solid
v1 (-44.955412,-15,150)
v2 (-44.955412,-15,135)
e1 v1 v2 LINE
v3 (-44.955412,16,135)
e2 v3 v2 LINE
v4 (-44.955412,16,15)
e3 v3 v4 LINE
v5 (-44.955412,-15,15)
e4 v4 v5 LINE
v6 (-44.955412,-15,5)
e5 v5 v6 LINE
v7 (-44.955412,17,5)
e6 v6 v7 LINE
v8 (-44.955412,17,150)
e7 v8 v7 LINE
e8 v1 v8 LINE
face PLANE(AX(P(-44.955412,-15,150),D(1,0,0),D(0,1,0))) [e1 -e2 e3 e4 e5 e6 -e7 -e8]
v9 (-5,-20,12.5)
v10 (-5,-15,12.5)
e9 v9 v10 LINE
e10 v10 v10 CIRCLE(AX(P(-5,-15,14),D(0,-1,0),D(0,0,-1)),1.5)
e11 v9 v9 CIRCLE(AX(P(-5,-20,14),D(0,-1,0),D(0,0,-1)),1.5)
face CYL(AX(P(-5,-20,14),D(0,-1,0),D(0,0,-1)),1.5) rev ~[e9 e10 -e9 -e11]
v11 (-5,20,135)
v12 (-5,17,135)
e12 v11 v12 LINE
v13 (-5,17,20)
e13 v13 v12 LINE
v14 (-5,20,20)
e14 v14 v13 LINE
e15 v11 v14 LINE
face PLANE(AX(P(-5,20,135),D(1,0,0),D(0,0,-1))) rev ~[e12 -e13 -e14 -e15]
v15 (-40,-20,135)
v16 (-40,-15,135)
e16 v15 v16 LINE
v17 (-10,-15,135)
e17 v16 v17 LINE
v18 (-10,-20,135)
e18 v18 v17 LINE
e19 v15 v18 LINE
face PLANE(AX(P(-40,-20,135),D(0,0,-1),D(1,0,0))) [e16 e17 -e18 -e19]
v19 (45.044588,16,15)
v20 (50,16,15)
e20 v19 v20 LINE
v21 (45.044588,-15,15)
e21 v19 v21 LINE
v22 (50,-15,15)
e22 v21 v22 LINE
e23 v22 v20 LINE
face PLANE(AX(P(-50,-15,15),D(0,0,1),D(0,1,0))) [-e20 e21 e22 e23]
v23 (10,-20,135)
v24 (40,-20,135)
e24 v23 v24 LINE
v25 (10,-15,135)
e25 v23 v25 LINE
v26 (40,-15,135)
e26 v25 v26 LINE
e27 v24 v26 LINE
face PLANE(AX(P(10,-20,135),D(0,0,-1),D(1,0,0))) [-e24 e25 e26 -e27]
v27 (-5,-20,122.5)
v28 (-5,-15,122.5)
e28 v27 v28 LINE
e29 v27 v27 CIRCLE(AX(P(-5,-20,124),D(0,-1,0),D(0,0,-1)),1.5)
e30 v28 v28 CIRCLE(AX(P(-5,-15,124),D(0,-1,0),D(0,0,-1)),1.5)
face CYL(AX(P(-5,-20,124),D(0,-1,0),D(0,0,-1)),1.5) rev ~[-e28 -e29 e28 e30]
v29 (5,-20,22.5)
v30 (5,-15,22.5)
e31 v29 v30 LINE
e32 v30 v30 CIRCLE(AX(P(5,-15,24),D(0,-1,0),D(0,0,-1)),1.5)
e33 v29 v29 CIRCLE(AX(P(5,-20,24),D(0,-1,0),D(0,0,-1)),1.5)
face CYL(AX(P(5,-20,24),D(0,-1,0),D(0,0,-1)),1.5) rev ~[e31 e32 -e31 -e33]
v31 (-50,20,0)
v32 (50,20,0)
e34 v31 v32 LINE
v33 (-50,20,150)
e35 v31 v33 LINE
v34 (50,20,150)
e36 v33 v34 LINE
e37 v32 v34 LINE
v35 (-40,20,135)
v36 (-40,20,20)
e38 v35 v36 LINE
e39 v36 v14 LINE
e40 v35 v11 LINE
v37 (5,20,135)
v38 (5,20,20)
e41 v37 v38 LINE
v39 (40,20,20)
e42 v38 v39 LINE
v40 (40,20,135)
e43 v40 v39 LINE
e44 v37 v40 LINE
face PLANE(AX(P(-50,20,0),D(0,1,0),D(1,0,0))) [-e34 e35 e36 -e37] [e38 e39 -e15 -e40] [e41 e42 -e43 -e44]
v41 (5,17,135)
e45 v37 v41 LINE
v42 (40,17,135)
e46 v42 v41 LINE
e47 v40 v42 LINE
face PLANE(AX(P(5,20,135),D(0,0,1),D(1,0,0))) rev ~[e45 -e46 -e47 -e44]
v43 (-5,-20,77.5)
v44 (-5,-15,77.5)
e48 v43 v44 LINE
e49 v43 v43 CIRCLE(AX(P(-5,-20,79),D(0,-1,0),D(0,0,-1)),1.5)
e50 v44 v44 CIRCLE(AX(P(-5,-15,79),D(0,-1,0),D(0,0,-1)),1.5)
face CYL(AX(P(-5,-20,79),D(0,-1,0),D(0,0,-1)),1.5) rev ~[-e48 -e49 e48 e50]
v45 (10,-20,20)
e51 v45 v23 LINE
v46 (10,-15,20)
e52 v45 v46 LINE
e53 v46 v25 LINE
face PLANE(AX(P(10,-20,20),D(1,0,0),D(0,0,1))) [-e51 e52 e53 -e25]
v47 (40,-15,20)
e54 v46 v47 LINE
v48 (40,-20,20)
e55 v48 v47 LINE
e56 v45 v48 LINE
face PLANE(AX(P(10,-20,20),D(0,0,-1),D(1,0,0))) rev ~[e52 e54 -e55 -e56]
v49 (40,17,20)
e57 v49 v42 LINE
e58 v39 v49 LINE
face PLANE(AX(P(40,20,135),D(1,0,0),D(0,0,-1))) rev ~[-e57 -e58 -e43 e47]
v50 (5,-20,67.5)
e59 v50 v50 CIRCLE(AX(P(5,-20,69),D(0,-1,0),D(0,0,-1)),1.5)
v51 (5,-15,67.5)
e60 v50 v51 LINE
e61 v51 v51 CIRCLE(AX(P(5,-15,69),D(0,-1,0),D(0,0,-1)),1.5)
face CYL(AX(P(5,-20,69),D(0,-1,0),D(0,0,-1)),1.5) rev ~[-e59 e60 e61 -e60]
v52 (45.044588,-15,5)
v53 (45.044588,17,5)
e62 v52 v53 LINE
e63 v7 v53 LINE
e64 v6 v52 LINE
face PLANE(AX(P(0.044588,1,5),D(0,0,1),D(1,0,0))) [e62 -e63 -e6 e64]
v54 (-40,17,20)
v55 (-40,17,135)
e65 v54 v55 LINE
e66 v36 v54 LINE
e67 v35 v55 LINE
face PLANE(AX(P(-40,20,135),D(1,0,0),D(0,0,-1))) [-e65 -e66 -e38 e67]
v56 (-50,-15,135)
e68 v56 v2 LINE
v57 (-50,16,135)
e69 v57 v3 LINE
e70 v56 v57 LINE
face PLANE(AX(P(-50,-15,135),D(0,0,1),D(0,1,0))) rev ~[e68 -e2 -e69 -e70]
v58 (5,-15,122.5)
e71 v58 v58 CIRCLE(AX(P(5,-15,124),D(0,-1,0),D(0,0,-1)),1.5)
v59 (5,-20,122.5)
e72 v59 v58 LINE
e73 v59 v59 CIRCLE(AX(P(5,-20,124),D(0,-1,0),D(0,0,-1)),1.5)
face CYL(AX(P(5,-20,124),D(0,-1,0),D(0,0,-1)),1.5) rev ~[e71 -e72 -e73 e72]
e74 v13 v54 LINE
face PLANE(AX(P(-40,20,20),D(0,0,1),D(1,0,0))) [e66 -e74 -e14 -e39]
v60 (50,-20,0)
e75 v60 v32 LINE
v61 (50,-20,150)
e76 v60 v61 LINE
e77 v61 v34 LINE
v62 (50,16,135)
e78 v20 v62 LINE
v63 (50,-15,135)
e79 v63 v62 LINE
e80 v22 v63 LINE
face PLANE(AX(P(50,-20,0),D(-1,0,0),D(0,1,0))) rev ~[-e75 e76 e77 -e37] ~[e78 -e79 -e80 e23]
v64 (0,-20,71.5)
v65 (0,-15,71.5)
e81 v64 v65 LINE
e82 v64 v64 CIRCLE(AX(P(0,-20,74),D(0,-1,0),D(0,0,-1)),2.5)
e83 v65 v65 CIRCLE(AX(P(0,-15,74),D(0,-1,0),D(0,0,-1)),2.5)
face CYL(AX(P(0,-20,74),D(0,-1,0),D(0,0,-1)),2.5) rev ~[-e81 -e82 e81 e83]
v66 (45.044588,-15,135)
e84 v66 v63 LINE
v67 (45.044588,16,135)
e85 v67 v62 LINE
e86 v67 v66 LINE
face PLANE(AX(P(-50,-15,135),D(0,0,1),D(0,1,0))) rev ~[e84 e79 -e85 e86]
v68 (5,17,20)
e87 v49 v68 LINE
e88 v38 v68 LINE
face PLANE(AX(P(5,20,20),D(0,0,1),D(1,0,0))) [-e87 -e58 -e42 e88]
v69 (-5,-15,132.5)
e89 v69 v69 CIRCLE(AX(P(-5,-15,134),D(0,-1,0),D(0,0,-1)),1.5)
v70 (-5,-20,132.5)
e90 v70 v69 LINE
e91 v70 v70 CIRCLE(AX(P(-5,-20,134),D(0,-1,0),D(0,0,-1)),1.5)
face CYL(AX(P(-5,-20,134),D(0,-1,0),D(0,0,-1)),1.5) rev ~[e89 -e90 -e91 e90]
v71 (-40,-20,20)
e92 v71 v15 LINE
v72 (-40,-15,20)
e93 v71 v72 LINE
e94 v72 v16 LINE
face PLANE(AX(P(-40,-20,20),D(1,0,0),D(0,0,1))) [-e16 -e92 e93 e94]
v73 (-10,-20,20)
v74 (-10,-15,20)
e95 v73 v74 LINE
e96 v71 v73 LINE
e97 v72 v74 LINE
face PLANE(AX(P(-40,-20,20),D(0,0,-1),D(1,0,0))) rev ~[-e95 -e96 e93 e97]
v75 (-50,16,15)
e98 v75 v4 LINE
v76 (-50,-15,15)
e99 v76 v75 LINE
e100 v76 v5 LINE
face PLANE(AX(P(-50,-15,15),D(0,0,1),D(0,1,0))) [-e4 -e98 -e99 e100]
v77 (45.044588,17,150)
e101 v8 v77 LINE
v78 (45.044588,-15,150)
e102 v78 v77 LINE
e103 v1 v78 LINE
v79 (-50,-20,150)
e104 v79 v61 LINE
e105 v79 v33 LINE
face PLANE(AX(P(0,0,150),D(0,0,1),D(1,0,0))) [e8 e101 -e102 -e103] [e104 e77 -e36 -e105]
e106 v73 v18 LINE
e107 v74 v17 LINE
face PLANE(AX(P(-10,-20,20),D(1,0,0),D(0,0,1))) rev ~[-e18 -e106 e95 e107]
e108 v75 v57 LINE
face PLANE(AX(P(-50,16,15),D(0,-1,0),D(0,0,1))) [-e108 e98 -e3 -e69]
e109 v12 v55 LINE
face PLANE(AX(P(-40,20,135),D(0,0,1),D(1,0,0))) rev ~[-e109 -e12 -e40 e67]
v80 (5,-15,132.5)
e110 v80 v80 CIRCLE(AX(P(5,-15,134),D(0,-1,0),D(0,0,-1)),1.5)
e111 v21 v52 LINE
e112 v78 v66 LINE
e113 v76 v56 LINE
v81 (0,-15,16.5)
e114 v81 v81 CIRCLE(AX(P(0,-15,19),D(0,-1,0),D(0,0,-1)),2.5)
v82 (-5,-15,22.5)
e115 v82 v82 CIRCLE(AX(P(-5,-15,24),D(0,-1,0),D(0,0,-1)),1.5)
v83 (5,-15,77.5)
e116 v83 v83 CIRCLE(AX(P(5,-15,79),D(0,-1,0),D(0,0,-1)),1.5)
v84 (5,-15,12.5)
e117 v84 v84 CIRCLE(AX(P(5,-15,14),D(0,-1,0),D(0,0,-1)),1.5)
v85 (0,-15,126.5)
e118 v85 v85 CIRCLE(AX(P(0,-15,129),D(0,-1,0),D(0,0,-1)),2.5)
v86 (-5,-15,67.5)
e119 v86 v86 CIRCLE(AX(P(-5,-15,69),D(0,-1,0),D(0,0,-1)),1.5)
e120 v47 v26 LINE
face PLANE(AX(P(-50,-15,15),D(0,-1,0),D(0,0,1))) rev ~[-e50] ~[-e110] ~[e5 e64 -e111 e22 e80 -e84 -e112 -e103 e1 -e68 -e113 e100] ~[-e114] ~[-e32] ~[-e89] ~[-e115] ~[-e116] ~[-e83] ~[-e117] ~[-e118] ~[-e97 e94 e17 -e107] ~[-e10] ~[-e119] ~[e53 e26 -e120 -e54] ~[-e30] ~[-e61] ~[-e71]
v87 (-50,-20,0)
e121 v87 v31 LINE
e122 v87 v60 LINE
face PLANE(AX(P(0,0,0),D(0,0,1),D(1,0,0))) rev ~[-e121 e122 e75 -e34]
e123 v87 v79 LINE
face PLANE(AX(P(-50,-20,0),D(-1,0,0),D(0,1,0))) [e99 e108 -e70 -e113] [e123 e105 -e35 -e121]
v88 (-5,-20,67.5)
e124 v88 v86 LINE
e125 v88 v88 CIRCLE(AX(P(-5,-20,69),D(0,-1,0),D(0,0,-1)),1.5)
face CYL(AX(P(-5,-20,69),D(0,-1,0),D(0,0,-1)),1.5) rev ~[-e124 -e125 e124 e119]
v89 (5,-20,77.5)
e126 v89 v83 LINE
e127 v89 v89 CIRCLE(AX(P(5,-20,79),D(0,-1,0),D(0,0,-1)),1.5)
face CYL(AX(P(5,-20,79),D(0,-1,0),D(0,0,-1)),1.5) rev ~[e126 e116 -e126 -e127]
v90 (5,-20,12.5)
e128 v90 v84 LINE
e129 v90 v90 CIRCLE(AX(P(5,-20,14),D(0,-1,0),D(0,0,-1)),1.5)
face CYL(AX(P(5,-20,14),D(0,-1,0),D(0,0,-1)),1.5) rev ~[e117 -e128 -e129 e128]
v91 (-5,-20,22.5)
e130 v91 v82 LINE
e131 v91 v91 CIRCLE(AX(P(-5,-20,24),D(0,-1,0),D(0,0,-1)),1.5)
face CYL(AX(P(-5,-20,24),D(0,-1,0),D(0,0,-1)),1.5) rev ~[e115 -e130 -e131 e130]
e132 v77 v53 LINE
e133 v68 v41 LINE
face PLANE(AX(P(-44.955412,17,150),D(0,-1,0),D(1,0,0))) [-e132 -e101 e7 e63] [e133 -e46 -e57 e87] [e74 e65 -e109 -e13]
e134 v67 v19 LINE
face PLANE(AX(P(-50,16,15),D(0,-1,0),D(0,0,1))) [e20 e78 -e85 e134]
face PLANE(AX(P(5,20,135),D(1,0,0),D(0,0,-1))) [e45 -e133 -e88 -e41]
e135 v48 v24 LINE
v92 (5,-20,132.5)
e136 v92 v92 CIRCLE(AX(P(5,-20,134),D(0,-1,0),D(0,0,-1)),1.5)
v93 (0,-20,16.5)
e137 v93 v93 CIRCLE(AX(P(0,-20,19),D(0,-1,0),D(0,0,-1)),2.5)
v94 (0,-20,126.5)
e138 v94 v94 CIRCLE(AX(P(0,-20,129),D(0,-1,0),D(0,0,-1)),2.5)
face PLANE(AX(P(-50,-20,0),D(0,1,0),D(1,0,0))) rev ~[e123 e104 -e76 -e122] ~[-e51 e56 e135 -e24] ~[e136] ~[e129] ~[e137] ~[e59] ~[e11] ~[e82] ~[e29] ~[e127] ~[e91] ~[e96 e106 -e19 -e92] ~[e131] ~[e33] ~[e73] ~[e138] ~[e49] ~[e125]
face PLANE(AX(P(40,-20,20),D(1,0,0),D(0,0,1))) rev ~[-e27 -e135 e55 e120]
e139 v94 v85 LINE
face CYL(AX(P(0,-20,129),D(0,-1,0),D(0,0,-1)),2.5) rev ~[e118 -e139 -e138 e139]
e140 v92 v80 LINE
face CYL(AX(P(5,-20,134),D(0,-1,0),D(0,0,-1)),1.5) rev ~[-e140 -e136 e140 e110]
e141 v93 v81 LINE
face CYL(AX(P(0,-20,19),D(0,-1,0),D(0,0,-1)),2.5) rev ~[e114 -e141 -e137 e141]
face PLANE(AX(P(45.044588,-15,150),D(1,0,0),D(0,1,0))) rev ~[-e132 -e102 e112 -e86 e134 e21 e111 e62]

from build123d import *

# Parameters (mm, degrees)
SKETCH_2_W          = 100
SKETCH_2_H          = 40
EXTRUDE_1_DEPTH     = 150
SKETCH_3_W          = 90
SKETCH_3_H          = 32
CUT_EXTRUDE_1_DEPTH = 145
SKETCH_4_W          = 30
SKETCH_4_H          = 115
CUT_EXTRUDE_2_DEPTH = 20
SKETCH_5_W          = 35
SKETCH_5_H          = 115
CUT_EXTRUDE_3_DEPTH = 20
SKETCH_6_W          = 120
SKETCH_6_H          = 31
CUT_EXTRUDE_4_DEPTH = 207
SKETCH_7_R          = 1.5
CUT_EXTRUDE_5_DEPTH = 15
SKETCH_8_R          = 2.5
SKETCH_8_R_2        = 1.5
CUT_EXTRUDE_6_DEPTH = 15


with BuildPart() as part:
    # 草图2 → 凸台-拉伸1 (new body)
    with BuildSketch(Plane.XY):
        Rectangle(SKETCH_2_W, SKETCH_2_H)
    extrude(amount=EXTRUDE_1_DEPTH)

    # 草图3 → 切除-拉伸1 (cut)
    with BuildSketch(Plane.XY.offset(150)):
        with Locations((0.044588489, 1)):
            Rectangle(SKETCH_3_W, SKETCH_3_H)
    extrude(amount=-CUT_EXTRUDE_1_DEPTH, mode=Mode.SUBTRACT)

    # 草图4 → 切除-拉伸2 (cut)
    with BuildSketch(Plane.XZ.offset(20)):
        with Locations((-25, 77.5)):
            Rectangle(SKETCH_4_W, SKETCH_4_H)
        with Locations((25, 77.5)):
            Rectangle(SKETCH_4_W, SKETCH_4_H)
    extrude(amount=-CUT_EXTRUDE_2_DEPTH, mode=Mode.SUBTRACT)

    # 草图5 → 切除-拉伸3 (cut)
    with BuildSketch(Plane(origin=(0, 20, 0), x_dir=(1, 0, 0), z_dir=(0, 1, 0))):
        with Locations((-22.5, -77.5)):
            Rectangle(SKETCH_5_W, SKETCH_5_H)
        with Locations((22.5, -77.5)):
            Rectangle(SKETCH_5_W, SKETCH_5_H)
    extrude(amount=-CUT_EXTRUDE_3_DEPTH, mode=Mode.SUBTRACT)

    # 草图6 → 切除-拉伸4 (cut)
    with BuildSketch(Plane.ZY.offset(50)):
        with Locations((75, 0.5)):
            Rectangle(SKETCH_6_W, SKETCH_6_H)
    extrude(amount=-CUT_EXTRUDE_4_DEPTH, mode=Mode.SUBTRACT)

    # 草图7 → 切除-拉伸5 (cut)
    with BuildSketch(Plane.XZ.offset(20)):
        with Locations(Location((-5, 134, 0), (0, 0, 270))):
            Circle(SKETCH_7_R)
        with Locations(Location((5, 134, 0), (0, 0, 270))):
            Circle(SKETCH_7_R)
        with Locations(Location((5, 124, 0), (0, 0, 270))):
            Circle(SKETCH_7_R)
        with Locations(Location((-5, 124, 0), (0, 0, 270))):
            Circle(SKETCH_7_R)
    extrude(amount=-CUT_EXTRUDE_5_DEPTH, mode=Mode.SUBTRACT)

    # 草图8 → 切除-拉伸6 (cut)
    with BuildSketch(Plane.XZ.offset(20)):
        with Locations(Location((0, 129, 0), (0, 0, 270))):
            Circle(SKETCH_8_R)
        with Locations(Location((0, 74, 0), (0, 0, 270))):
            Circle(SKETCH_8_R)
        with Locations(Location((0, 19, 0), (0, 0, 270))):
            Circle(SKETCH_8_R)
        with Locations(Location((-5, 79, 0), (0, 0, 270))):
            Circle(SKETCH_8_R_2)
        with Locations(Location((-5, 69, 0), (0, 0, 270))):
            Circle(SKETCH_8_R_2)
        with Locations(Location((5, 69, 0), (0, 0, 270))):
            Circle(SKETCH_8_R_2)
        with Locations(Location((5, 79, 0), (0, 0, 270))):
            Circle(SKETCH_8_R_2)
        with Locations(Location((-5, 14, 0), (0, 0, 270))):
            Circle(SKETCH_8_R_2)
        with Locations(Location((-5, 24, 0), (0, 0, 270))):
            Circle(SKETCH_8_R_2)
        with Locations(Location((5, 24, 0), (0, 0, 270))):
            Circle(SKETCH_8_R_2)
        with Locations(Location((5, 14, 0), (0, 0, 270))):
            Circle(SKETCH_8_R_2)
    extrude(amount=-CUT_EXTRUDE_6_DEPTH, mode=Mode.SUBTRACT)


solid = part.part
